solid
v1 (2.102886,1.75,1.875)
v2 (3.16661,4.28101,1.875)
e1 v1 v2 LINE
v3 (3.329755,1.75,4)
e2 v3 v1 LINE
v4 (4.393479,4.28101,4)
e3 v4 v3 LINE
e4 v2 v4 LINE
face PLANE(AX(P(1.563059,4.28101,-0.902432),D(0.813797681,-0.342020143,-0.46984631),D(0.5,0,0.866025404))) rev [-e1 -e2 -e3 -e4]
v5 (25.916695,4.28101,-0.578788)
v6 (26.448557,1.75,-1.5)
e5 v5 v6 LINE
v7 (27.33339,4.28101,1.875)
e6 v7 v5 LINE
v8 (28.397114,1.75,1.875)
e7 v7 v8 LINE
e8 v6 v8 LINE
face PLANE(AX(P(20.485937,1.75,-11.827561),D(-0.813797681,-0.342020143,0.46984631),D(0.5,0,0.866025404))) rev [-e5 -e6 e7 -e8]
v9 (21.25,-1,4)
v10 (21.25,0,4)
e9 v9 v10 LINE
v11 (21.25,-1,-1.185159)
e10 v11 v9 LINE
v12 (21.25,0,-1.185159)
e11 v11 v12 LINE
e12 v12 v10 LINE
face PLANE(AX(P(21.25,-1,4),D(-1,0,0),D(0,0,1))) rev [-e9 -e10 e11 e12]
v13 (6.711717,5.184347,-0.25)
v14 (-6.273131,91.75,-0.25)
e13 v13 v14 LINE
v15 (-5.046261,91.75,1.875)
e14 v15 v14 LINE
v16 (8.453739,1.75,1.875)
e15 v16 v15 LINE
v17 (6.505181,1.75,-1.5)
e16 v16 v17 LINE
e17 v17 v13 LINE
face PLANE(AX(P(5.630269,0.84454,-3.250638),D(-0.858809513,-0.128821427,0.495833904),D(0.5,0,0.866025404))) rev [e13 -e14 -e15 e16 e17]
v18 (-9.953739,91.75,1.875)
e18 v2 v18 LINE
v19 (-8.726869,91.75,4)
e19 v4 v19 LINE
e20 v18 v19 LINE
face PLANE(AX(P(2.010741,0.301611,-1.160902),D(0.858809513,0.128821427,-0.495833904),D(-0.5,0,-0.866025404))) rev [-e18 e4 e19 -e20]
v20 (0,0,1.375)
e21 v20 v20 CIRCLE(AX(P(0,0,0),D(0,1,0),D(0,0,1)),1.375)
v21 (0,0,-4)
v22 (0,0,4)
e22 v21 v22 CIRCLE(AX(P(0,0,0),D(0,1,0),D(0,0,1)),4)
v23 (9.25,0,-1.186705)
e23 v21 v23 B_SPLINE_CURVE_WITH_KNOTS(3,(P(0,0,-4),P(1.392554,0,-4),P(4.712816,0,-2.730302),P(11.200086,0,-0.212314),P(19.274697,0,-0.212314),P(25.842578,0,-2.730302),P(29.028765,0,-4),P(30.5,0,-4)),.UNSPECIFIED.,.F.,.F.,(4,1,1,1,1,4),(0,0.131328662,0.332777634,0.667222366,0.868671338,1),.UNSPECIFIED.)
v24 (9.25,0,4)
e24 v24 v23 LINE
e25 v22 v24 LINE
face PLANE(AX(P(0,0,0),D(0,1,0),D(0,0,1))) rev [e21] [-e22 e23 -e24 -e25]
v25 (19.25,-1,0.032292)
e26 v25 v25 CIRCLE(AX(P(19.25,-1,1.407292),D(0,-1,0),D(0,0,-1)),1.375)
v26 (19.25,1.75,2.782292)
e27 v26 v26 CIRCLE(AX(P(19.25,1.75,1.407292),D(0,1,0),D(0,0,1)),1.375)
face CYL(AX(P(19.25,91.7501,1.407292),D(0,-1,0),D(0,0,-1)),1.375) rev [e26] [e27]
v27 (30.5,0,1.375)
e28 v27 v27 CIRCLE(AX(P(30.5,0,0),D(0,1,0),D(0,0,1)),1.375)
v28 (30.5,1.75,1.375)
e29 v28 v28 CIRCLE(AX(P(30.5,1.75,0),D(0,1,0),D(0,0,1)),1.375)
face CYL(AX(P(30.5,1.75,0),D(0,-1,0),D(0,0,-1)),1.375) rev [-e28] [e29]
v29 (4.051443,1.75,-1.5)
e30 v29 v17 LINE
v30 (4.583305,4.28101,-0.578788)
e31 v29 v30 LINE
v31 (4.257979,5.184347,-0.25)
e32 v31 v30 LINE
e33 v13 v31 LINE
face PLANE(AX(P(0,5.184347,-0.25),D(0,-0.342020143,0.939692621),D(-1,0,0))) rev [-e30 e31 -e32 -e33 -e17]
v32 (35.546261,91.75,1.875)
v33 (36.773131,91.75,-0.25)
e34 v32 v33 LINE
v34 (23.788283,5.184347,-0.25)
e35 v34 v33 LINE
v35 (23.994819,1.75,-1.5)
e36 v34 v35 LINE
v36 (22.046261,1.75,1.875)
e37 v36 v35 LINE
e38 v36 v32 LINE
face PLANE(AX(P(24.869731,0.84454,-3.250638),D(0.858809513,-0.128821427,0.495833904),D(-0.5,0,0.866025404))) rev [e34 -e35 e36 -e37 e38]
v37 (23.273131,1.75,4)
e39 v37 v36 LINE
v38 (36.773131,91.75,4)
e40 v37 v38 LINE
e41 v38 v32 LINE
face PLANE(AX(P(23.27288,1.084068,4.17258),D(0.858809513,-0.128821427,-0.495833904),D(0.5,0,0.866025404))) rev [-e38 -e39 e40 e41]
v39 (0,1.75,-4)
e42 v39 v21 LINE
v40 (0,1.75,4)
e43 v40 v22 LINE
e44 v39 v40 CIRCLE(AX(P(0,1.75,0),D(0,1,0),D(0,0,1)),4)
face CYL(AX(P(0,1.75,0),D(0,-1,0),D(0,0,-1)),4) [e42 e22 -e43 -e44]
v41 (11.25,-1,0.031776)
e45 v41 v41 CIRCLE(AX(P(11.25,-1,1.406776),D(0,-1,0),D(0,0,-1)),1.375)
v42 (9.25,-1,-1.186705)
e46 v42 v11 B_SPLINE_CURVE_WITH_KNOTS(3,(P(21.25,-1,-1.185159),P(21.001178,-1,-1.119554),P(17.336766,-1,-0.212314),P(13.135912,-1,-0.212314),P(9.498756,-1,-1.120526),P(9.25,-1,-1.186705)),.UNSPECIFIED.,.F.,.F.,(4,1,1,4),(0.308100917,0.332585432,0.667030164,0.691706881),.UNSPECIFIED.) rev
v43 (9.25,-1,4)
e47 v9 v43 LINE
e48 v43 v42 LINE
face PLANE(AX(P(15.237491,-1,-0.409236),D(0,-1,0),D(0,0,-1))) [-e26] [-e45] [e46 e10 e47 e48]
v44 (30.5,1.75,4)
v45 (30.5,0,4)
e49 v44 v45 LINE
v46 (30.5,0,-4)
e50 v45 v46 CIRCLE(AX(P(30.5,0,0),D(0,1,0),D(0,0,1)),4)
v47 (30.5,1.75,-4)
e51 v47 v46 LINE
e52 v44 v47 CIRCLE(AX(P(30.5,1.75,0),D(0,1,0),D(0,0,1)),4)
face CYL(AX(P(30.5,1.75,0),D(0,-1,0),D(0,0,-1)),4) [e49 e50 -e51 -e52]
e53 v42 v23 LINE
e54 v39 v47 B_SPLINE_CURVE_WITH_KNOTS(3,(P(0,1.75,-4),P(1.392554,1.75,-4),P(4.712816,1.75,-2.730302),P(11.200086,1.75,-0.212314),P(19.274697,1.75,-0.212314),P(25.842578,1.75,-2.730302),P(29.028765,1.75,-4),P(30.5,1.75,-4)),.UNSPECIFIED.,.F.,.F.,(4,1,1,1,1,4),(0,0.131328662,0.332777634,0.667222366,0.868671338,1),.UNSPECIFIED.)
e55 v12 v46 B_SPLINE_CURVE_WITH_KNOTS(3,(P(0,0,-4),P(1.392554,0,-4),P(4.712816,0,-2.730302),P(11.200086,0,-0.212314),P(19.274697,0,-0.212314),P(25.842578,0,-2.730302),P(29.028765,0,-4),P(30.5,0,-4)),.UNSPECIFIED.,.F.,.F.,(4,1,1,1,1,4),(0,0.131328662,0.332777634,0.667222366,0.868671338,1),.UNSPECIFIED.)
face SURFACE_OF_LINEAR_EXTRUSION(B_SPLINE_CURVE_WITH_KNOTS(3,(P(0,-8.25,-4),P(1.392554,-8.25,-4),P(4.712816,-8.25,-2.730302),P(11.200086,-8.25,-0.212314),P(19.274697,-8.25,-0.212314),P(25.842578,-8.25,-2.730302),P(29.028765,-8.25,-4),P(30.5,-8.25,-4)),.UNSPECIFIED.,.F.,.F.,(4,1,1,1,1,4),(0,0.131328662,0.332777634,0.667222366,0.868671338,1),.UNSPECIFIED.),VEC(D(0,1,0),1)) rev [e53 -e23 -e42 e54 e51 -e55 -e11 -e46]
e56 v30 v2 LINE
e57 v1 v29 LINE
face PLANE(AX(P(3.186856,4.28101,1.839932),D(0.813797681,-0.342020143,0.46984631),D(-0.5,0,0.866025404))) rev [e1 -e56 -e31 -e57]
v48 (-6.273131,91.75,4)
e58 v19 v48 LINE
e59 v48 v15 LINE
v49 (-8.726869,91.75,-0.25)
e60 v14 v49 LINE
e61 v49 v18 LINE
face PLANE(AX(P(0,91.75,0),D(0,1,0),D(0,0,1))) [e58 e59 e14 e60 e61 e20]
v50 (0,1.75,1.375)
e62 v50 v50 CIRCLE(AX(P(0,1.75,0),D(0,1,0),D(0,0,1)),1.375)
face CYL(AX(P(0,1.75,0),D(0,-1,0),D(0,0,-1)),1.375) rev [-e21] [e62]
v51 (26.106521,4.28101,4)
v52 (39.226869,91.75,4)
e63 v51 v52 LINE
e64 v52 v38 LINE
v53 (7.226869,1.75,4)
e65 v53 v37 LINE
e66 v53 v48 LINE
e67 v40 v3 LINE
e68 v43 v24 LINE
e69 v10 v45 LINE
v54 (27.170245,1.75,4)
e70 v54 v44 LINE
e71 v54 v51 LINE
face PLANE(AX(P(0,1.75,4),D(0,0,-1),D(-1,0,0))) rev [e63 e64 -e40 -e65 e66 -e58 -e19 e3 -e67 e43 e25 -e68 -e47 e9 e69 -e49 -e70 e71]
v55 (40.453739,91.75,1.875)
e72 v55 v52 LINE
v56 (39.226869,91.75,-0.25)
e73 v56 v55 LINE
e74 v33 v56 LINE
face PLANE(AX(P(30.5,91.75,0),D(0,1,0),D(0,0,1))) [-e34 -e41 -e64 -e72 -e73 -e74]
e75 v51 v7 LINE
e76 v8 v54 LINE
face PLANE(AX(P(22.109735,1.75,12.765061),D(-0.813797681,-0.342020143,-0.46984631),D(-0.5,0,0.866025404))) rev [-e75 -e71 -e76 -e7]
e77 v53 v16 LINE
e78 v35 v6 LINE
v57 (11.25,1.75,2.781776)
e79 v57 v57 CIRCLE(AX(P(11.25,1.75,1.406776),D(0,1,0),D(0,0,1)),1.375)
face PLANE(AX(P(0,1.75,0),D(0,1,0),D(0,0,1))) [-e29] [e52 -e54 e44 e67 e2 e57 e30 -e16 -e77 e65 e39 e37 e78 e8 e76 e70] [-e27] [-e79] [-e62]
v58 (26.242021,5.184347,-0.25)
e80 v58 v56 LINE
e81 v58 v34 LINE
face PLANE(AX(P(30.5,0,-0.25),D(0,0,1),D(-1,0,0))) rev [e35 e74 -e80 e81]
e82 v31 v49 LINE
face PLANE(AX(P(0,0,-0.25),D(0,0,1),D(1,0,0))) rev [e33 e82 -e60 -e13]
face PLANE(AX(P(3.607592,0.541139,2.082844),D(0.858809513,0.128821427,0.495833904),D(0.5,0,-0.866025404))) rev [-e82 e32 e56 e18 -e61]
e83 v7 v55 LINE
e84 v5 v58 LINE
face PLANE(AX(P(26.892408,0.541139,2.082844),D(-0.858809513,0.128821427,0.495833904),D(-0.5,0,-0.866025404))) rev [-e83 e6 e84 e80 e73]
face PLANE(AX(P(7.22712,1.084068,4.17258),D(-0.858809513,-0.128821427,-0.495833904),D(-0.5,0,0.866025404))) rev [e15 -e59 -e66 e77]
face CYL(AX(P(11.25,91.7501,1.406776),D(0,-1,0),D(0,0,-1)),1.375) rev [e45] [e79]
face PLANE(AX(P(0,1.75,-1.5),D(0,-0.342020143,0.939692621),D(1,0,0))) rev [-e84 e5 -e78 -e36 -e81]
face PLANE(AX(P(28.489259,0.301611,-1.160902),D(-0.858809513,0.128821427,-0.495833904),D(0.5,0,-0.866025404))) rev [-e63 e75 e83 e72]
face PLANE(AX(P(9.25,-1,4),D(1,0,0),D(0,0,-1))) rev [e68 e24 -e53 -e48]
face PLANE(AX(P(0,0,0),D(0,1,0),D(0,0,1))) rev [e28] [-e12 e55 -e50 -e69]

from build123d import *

# Parameters (mm, degrees)
SKETCH2_R                        = 1.375
BOSS_EXTRUDE1_DEPTH              = 1.75
CUT_EXTRUDE1_DEPTH               = 10
CHAMFER1_SIZE                    = 1.25
CHAMFER1_SIZE2                   = 3.434346774
CHAMFER1_EDGE_2_SIZE             = 1.25
CHAMFER1_EDGE_2_SIZE2            = 2.552275757
CHAMFER1_EDGE_3_SIZE             = 1.25
CHAMFER1_EDGE_3_SIZE2            = 2.552275757
CHAMFER1_OF_MIRROR1_SIZE2        = 3.434346774
CHAMFER1_OF_MIRROR1_SIZE         = 1.25
CHAMFER1_EDGE_2_OF_MIRROR1_SIZE2 = 2.552275757
CHAMFER1_EDGE_2_OF_MIRROR1_SIZE  = 1.25
CHAMFER1_EDGE_3_OF_MIRROR1_SIZE2 = 2.552275757
CHAMFER1_EDGE_3_OF_MIRROR1_SIZE  = 1.25
BOSS_EXTRUDE2_DEPTH              = 1
SKETCH8_R                        = 1.375
CUT_EXTRUDE2_DEPTH               = 102.267307157


with BuildPart() as part:
    # Sketch2 → Boss-Extrude1 (new body)
    with BuildSketch(Plane(origin=(0, 0, 0), x_dir=(1, 0, 0), z_dir=(0, 1, 0))):
        with BuildLine():
            Line((0, 4), (30.5, 4))
            ThreePointArc((30.5, 4), (34.5, 0), (30.5, -4))
            Line((30.5, -4), (0, -4))
            ThreePointArc((0, -4), (-4, 0), (0, 4))
        make_face()
        with Locations(Location((0, 0, 0), (0, 0, 270))):
            Circle(SKETCH2_R, mode=Mode.SUBTRACT)
        with Locations(Location((30.5, 0, 0), (0, 0, 270))):
            Circle(SKETCH2_R, mode=Mode.SUBTRACT)
    extrude(amount=BOSS_EXTRUDE1_DEPTH)

    # Sketch3 → Cut-Extrude1 (cut)
    with BuildSketch(Plane(origin=(0, 1.75, 0), x_dir=(1, 0, 0), z_dir=(0, 1, 0))):
        with BuildLine():
            Line((30.5, 4), (0, 4))
            add(Edge.make_bspline(
                [(0, 4), (1.392554105, 4), (4.712816119, 2.730302251), (11.200086309, 0.212313893), (19.274696625, 0.212313893), (25.842577961, 2.730302251), (29.028765437, 4), (30.5, 4)],
                knots=[0, 0, 0, 0, 0.131328662, 0.332777634, 0.667222366, 0.868671338, 1, 1, 1, 1], degree=3))
        make_face()
    extrude(amount=-CUT_EXTRUDE1_DEPTH, mode=Mode.SUBTRACT)

    # Sketch4 → Loft1 section 0
    with BuildSketch(Plane(origin=(0, 1.75, 0), x_dir=(1, 0, 0), z_dir=(0, 1, 0))):
        with BuildLine():
            Line((8.453738644, -1.875), (7.226869322, 0.25))
            Line((7.226869322, 0.25), (4.773130678, 0.25))
            Line((4.773130678, 0.25), (3.546261356, -1.875))
            Line((3.546261356, -1.875), (4.773130678, -4))
            Line((4.773130678, -4), (7.226869322, -4))
            Line((7.226869322, -4), (8.453738644, -1.875))
        make_face()
    # Sketch5 → Loft1 section 1
    with BuildSketch(Plane(origin=(0, 91.75, 0), x_dir=(1, 0, 0), z_dir=(0, 1, 0))):
        with BuildLine():
            Line((-5.046261356, -1.875), (-6.273130678, 0.25))
            Line((-6.273130678, 0.25), (-8.726869322, 0.25))
            Line((-8.726869322, 0.25), (-9.953738644, -1.875))
            Line((-9.953738644, -1.875), (-8.726869322, -4))
            Line((-8.726869322, -4), (-6.273130678, -4))
            Line((-6.273130678, -4), (-5.046261356, -1.875))
        make_face()
    loft1 = loft()

    # Chamfer1
    chamfer1_edges = [part.edges().sort_by_distance(p)[0] for p in [
        (6, 1.75, -0.25),
    ]]
    chamfer1_side = [part.faces().sort_by_distance(p)[0] for p in [
        (15.962582186, 1.75, 0.665337448),
    ]]
    chamfer(chamfer1_edges, length=CHAMFER1_SIZE, length2=CHAMFER1_SIZE2, reference=chamfer1_side[0])

    # Chamfer1 edge 2
    chamfer1_edge_2_edges = [part.edges().sort_by_distance(p)[0] for p in [
        (4.159696017, 1.75, 0.8125),
    ]]
    chamfer1_edge_2_side = [part.faces().sort_by_distance(p)[0] for p in [
        (15.962582186, 1.75, 0.665337448),
    ]]
    chamfer(chamfer1_edge_2_edges, length=CHAMFER1_EDGE_2_SIZE, length2=CHAMFER1_EDGE_2_SIZE2, reference=chamfer1_edge_2_side[0])

    # Chamfer1 edge 3
    chamfer1_edge_3_edges = [part.edges().sort_by_distance(p)[0] for p in [
        (4.159696017, 1.75, 2.9375),
    ]]
    chamfer1_edge_3_side = [part.faces().sort_by_distance(p)[0] for p in [
        (15.962582186, 1.75, 0.665337448),
    ]]
    chamfer(chamfer1_edge_3_edges, length=CHAMFER1_EDGE_3_SIZE, length2=CHAMFER1_EDGE_3_SIZE2, reference=chamfer1_edge_3_side[0])

    # Mirror1: Loft1 across plane
    add(loft1.mirror(Plane(origin=(15.25, 0, 0), x_dir=(0, 0, 1), z_dir=(1, 0, 0))))

    # Chamfer1 of Mirror1
    chamfer1_of_mirror1_edges = [part.edges().sort_by_distance(p)[0] for p in [
        (24.5, 1.75, -0.25),
    ]]
    chamfer(chamfer1_of_mirror1_edges, length=CHAMFER1_OF_MIRROR1_SIZE, length2=CHAMFER1_OF_MIRROR1_SIZE2)

    # Chamfer1 edge 2 of Mirror1
    chamfer1_edge_2_of_mirror1_edges = [part.edges().sort_by_distance(p)[0] for p in [
        (26.340303983, 1.75, 0.8125),
    ]]
    chamfer(chamfer1_edge_2_of_mirror1_edges, length=CHAMFER1_EDGE_2_OF_MIRROR1_SIZE, length2=CHAMFER1_EDGE_2_OF_MIRROR1_SIZE2)

    # Chamfer1 edge 3 of Mirror1
    chamfer1_edge_3_of_mirror1_edges = [part.edges().sort_by_distance(p)[0] for p in [
        (26.340303983, 1.75, 2.9375),
    ]]
    chamfer(chamfer1_edge_3_of_mirror1_edges, length=CHAMFER1_EDGE_3_OF_MIRROR1_SIZE, length2=CHAMFER1_EDGE_3_OF_MIRROR1_SIZE2)

    # Sketch6 → Boss-Extrude2 (add)
    with BuildSketch(Plane.XZ):
        with BuildLine():
            Line((9.25, 4), (9.25, -1.186704991))
            add(Edge.make_bspline(
                [(9.25, -1.186704991), (9.498756449, -1.120525729), (13.135912237, -0.212313893), (17.336765902, -0.212313893), (21.001177664, -1.119553839), (21.25, -1.185159308)],
                knots=[0.308100917, 0.308100917, 0.308100917, 0.308100917, 0.332777634, 0.667222366, 0.691706881, 0.691706881, 0.691706881, 0.691706881], degree=3))
            Line((21.25, -1.185159308), (21.25, 4))
            Line((21.25, 4), (9.25, 4))
        make_face()
    extrude(amount=BOSS_EXTRUDE2_DEPTH)

    # Sketch8 → Cut-Extrude2 (cut, through all)
    with BuildSketch(Plane.XZ.offset(1)):
        with Locations(Location((11.249999996, 1.406776311, 0), (0, 0, 270))):
            Circle(SKETCH8_R)
        with Locations(Location((19.250000004, 1.407291539, 0), (0, 0, 270))):
            Circle(SKETCH8_R)
    extrude(amount=-CUT_EXTRUDE2_DEPTH, mode=Mode.SUBTRACT)


solid = part.part
